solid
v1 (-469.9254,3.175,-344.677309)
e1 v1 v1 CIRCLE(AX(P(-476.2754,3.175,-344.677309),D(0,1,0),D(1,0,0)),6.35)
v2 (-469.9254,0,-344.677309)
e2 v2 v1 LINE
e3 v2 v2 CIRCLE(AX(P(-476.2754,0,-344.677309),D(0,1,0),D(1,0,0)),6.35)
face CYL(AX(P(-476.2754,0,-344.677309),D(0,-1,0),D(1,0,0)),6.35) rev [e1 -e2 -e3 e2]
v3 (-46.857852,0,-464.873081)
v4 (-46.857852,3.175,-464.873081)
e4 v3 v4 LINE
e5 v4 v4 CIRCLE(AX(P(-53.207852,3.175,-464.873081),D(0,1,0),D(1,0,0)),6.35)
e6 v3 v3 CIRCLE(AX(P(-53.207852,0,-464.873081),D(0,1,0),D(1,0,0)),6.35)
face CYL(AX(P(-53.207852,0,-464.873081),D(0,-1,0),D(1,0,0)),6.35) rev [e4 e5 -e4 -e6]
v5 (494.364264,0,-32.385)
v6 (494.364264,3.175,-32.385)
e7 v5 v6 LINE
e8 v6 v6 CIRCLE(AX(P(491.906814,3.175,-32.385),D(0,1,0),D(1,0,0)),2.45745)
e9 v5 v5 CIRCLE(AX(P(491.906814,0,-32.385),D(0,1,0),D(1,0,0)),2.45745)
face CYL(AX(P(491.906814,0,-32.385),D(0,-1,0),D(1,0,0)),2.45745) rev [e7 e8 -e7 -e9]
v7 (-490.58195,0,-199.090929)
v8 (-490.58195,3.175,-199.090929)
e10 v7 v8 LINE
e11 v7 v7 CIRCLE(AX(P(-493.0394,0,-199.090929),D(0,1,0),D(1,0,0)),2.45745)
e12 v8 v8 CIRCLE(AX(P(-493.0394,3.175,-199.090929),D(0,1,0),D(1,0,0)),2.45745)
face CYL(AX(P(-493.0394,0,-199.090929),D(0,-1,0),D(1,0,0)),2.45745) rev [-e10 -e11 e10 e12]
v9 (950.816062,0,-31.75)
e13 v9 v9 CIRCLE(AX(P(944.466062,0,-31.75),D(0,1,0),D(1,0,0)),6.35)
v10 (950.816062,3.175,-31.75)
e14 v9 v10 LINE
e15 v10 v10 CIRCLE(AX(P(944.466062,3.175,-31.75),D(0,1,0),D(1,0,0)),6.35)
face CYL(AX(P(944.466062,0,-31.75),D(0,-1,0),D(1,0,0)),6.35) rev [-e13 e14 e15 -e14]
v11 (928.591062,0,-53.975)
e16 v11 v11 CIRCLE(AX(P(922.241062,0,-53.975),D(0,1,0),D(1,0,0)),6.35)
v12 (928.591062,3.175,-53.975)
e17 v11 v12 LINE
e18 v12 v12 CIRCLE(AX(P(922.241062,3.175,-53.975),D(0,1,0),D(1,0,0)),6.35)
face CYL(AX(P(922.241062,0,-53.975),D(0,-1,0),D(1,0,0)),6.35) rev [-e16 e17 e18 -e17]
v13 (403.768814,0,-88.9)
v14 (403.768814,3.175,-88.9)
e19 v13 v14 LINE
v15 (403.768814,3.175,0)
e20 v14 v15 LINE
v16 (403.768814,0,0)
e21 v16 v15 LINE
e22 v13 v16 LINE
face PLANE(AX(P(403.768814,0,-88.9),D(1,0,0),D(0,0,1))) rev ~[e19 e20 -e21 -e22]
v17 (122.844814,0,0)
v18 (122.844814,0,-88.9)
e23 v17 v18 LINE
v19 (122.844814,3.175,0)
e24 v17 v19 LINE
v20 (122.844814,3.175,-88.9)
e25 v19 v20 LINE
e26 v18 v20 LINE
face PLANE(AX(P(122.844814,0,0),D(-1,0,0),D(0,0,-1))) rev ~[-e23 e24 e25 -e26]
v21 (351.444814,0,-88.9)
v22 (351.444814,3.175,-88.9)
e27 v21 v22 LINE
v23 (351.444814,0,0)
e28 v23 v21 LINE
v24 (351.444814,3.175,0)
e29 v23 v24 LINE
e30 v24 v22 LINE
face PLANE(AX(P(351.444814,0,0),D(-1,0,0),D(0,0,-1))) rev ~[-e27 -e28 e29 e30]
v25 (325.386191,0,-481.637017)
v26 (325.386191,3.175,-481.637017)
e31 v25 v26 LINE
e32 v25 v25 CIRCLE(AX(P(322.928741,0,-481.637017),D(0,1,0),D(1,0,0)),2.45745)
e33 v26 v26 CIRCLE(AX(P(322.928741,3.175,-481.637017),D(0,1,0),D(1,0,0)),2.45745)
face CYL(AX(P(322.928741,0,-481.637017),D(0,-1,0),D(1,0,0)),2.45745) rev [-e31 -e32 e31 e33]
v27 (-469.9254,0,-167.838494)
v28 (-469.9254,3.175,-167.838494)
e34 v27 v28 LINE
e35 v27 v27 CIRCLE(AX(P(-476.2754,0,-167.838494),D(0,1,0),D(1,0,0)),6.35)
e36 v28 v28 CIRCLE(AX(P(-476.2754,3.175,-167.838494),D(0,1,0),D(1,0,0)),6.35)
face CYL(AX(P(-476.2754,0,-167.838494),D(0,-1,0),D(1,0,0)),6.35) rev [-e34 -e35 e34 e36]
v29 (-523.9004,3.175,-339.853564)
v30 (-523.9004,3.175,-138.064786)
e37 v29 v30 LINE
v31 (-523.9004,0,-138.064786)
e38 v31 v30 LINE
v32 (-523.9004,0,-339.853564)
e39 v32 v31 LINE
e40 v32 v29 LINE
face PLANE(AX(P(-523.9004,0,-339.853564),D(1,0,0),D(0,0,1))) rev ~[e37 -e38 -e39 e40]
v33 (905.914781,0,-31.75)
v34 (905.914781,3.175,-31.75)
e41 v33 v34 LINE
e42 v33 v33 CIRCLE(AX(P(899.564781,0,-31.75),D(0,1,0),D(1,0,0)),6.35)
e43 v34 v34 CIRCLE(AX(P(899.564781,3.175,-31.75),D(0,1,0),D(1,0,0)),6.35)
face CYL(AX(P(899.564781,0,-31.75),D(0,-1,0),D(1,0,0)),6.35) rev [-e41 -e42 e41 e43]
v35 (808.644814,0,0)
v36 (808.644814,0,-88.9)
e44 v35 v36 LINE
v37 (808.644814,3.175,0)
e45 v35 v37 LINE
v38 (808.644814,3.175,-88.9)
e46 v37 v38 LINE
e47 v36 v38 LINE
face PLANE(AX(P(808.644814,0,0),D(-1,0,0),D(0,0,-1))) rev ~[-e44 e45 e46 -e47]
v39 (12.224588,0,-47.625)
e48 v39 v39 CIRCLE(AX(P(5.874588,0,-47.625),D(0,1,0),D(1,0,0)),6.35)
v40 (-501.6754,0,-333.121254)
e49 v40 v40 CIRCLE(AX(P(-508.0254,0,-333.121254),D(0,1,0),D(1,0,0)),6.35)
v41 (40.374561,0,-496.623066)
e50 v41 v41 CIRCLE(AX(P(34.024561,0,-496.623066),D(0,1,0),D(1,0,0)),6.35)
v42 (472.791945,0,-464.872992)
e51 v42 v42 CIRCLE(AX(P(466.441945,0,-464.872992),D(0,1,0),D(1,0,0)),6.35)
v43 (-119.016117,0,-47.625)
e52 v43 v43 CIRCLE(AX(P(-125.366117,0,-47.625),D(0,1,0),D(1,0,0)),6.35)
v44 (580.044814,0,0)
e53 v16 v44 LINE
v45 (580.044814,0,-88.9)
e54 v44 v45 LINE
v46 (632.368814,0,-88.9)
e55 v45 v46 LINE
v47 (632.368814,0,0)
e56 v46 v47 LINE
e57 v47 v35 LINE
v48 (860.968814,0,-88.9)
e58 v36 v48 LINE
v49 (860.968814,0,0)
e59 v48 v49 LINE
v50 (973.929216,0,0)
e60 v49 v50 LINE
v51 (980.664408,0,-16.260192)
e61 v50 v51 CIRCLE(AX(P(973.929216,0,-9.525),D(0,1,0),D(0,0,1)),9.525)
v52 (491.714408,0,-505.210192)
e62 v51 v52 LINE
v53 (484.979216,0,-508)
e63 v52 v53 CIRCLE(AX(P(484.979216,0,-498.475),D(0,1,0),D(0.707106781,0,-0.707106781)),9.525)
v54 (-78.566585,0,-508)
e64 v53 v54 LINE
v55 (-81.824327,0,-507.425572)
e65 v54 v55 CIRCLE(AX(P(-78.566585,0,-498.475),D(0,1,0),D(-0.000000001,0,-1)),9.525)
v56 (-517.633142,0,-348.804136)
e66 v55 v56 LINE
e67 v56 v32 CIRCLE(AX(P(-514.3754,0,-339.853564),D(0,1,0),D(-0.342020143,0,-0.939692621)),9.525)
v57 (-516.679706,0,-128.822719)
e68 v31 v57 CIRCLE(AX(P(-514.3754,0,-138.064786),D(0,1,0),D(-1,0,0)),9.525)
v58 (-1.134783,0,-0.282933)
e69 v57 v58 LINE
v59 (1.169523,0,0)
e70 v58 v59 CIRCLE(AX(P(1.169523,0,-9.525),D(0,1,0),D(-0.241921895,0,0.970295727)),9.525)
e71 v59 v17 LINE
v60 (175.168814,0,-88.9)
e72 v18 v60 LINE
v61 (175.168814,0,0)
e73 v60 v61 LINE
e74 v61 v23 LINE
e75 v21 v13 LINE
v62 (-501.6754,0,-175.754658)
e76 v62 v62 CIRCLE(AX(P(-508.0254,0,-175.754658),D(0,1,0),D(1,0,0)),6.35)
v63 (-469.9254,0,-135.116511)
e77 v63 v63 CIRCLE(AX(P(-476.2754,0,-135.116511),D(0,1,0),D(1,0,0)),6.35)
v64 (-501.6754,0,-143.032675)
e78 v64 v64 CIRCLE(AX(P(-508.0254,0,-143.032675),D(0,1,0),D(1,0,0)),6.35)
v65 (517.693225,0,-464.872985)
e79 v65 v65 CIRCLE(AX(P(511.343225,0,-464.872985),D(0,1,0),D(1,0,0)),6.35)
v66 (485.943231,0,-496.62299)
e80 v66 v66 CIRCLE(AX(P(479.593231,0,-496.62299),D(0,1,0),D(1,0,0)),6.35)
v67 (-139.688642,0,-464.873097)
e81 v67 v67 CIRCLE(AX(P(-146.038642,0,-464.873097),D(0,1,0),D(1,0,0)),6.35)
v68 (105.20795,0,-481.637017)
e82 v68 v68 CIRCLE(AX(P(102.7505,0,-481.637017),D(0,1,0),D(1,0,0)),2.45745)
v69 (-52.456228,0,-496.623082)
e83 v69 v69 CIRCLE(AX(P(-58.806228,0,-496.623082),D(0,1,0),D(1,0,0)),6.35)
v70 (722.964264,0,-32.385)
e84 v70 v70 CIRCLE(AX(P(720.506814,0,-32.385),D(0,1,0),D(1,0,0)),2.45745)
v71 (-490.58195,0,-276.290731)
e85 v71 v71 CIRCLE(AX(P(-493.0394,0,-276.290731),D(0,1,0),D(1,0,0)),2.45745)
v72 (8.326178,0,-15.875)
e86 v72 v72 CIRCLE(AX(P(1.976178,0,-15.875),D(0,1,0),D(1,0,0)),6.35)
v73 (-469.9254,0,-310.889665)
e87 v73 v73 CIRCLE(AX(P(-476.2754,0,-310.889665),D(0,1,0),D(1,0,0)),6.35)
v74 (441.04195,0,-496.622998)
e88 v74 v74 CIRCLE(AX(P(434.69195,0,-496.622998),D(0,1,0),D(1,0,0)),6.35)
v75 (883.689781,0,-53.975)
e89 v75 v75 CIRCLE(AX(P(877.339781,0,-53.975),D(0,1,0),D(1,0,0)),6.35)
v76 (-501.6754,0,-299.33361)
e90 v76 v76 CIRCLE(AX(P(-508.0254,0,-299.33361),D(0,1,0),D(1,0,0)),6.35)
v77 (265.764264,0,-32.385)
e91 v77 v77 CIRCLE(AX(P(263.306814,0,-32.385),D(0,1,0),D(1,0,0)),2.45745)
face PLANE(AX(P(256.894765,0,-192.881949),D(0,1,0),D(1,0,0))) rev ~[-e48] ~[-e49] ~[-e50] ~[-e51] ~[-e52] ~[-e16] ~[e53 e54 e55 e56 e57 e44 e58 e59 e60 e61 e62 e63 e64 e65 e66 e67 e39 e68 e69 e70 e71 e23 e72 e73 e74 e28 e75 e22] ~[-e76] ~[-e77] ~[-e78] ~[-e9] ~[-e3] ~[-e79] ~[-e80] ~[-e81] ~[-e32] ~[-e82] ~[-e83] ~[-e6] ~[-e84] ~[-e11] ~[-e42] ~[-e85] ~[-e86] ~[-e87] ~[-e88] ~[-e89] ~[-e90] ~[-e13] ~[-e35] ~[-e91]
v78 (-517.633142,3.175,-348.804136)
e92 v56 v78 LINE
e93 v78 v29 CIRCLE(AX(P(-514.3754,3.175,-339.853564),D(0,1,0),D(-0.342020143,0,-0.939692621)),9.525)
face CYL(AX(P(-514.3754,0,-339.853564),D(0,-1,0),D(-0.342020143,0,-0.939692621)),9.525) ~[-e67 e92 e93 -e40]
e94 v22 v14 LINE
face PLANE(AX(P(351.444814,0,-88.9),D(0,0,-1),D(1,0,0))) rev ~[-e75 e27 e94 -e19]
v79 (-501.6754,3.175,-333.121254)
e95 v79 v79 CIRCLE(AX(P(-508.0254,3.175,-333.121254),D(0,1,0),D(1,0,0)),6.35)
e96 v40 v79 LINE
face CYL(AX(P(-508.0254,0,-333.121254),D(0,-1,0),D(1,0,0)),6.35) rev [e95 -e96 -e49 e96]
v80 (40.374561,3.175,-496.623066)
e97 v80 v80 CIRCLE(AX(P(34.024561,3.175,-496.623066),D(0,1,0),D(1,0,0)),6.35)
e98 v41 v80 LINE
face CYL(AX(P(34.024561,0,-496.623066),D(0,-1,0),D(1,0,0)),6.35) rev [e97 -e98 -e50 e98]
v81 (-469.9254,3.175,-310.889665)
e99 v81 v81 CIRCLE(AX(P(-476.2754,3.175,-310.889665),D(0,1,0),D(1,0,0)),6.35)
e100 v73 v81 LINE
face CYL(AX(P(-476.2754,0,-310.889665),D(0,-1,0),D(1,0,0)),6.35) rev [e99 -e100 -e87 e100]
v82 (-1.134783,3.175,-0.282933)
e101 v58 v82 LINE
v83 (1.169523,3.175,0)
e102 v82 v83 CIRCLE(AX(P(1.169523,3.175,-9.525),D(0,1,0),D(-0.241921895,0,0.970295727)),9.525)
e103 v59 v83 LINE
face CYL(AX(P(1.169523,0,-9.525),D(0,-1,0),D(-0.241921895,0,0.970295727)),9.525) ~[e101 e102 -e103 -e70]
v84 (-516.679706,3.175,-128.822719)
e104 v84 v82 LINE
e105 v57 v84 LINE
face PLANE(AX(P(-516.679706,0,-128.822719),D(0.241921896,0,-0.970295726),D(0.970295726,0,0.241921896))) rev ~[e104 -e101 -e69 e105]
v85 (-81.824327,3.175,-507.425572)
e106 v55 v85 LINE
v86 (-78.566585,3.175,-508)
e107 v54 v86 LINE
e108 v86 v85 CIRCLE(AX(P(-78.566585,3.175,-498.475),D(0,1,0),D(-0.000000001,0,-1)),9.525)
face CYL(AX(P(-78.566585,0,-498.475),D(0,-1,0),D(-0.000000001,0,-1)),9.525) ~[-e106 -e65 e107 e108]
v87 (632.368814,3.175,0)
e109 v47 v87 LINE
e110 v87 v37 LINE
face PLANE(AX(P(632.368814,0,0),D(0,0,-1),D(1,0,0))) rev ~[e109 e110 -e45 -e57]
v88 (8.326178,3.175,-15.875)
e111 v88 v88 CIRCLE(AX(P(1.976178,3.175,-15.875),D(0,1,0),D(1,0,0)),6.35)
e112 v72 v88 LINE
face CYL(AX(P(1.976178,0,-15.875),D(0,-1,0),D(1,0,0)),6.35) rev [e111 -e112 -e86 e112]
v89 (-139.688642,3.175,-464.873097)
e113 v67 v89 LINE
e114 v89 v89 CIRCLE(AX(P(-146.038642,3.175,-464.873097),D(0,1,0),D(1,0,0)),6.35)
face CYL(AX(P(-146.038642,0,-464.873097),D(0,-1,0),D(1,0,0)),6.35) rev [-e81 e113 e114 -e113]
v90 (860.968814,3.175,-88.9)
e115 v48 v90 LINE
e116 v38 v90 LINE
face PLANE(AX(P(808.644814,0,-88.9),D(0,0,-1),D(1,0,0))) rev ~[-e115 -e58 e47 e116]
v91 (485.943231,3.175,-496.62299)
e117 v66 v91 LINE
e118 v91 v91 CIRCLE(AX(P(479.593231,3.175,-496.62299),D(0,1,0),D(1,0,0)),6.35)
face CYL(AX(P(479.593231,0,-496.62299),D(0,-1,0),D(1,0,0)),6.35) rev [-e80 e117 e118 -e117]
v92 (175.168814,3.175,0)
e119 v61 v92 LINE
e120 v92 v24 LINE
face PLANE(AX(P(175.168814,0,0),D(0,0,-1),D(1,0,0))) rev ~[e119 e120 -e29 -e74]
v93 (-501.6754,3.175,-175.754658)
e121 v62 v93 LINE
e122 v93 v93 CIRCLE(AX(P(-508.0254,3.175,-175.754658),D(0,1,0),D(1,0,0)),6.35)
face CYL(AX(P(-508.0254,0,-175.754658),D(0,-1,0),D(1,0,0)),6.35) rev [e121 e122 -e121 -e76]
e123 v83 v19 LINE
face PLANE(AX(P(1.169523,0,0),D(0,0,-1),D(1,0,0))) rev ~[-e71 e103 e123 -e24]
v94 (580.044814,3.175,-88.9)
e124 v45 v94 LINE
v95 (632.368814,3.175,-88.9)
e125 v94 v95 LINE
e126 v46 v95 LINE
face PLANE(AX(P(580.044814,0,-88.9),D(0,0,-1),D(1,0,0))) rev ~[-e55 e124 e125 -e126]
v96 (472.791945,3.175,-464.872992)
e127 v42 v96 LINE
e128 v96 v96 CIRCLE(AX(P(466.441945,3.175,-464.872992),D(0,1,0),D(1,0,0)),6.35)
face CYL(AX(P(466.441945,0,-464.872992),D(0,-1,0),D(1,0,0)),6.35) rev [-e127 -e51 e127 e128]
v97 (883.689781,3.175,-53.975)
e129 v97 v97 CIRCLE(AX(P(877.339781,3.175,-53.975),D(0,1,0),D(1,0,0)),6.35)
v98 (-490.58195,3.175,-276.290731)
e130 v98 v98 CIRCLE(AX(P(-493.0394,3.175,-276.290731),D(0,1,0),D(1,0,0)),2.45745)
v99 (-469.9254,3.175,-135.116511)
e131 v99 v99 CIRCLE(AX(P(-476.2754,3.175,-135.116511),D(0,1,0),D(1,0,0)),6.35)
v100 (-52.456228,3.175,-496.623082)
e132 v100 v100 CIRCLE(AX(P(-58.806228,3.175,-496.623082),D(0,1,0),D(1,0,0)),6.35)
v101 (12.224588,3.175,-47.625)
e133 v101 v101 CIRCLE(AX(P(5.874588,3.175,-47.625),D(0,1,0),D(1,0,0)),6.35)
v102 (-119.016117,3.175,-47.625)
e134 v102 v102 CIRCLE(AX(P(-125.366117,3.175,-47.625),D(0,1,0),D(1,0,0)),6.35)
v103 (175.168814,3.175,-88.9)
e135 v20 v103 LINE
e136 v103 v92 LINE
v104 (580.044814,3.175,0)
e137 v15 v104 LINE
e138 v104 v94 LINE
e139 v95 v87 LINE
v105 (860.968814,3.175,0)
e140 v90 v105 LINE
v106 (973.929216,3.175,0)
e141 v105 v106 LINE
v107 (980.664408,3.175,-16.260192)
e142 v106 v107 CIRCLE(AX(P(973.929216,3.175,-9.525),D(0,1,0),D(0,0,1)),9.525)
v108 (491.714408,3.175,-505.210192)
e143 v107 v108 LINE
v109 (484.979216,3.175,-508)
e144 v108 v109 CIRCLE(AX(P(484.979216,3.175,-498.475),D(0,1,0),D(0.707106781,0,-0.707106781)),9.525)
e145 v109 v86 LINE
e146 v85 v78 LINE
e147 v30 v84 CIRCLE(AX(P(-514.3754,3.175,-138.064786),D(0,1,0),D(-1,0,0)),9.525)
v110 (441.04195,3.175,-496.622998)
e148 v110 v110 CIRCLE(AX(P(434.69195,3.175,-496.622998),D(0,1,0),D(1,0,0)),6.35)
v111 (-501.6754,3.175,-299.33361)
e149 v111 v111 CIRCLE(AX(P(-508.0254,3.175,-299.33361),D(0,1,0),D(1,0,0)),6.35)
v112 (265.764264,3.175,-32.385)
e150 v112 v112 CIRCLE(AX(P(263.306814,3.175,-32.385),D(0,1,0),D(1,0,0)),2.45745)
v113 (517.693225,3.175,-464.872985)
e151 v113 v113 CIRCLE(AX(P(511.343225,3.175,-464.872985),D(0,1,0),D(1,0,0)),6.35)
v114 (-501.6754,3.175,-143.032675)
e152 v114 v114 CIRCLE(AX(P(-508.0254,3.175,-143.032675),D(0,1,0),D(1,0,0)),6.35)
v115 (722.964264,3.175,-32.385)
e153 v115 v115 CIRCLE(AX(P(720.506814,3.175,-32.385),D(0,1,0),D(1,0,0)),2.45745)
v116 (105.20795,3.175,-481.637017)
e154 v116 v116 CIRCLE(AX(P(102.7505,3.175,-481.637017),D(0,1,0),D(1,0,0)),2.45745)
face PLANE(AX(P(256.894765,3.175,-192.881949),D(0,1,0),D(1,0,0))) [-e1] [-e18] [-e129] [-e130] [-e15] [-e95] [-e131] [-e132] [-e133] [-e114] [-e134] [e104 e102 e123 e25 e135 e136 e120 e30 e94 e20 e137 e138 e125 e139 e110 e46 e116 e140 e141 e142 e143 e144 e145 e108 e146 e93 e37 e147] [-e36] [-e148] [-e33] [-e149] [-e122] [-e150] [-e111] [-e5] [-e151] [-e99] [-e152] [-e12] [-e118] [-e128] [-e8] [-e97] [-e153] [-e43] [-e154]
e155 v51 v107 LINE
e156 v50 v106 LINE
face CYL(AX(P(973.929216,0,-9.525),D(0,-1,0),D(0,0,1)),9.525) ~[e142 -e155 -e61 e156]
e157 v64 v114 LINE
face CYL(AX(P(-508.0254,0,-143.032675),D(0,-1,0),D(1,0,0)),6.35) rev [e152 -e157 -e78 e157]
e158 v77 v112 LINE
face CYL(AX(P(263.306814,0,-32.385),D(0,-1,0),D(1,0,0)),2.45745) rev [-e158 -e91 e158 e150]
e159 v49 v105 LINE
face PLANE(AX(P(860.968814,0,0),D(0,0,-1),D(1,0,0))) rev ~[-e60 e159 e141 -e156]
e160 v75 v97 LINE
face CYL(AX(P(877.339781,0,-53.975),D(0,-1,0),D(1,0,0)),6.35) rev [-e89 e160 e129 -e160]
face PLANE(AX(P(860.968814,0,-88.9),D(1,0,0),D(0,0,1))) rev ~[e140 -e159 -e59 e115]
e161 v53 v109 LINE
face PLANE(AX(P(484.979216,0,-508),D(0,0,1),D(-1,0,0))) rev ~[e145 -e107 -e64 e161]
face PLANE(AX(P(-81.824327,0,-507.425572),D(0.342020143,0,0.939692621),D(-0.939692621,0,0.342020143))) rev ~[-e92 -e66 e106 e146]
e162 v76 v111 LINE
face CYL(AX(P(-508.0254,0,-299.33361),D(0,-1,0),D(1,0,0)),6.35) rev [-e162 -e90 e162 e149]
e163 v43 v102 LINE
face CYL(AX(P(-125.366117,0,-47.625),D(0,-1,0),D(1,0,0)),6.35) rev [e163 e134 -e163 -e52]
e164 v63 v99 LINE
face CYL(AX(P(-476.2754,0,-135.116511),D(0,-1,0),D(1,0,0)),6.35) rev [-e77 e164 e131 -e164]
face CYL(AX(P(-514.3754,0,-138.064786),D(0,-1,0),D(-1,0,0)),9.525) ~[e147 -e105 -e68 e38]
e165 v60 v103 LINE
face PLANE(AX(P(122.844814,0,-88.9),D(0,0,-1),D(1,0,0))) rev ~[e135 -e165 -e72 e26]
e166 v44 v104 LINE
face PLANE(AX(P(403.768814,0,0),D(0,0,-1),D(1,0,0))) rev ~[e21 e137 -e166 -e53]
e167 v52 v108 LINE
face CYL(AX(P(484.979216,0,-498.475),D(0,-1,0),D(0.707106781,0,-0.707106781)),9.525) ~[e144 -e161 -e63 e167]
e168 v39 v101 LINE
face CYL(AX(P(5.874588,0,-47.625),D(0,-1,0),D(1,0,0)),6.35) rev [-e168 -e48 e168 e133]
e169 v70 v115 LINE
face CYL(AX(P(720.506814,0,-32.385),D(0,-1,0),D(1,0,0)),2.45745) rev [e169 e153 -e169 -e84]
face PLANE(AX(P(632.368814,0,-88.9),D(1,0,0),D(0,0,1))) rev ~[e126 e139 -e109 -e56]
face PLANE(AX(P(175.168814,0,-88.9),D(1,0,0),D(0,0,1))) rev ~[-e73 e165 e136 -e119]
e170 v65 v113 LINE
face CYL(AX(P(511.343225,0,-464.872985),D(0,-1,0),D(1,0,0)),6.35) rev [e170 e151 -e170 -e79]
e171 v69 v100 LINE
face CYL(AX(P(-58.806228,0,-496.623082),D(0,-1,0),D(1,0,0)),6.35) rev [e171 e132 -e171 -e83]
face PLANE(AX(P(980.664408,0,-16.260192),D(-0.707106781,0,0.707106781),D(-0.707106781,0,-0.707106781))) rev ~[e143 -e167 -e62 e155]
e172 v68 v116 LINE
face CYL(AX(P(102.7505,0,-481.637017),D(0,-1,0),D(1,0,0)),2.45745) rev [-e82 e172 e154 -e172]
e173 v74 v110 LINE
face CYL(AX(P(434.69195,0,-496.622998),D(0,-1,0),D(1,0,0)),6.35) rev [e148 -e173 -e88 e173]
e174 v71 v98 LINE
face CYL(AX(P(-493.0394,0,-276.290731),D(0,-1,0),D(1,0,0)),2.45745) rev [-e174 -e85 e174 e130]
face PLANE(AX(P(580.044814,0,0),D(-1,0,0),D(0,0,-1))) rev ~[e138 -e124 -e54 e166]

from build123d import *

# Parameters (mm, degrees)
SKETCH2_R           = 6.35
SKETCH2_R_2         = 2.45745
BOSS_EXTRUDE1_DEPTH = 3.175


with BuildPart() as part:
    # Sketch2 → Boss-Extrude1 (new body)
    with BuildSketch(Plane(origin=(0, 0, 0), x_dir=(1, 0, 0), z_dir=(0, 1, 0))):
        with BuildLine():
            ThreePointArc((-523.9004, 138.064786013), (-521.881202428, 132.200610461), (-516.679706056, 128.82271922))
            Line((-516.679706056, 128.82271922), (-1.134783113, 0.282933207))
            ThreePointArc((-1.134783113, 0.282933207), (0.008717447, 0.070997906), (1.169522943, 0))
            Line((1.169522943, 0), (122.844814136, 0))
            Line((122.844814136, 0), (122.844814136, 88.9))
            Line((122.844814136, 88.9), (175.168814136, 88.9))
            Line((175.168814136, 88.9), (175.168814136, 0))
            Line((175.168814136, 0), (351.444814136, 0))
            Line((351.444814136, 0), (351.444814136, 88.9))
            Line((351.444814136, 88.9), (403.768814136, 88.9))
            Line((403.768814136, 88.9), (403.768814136, 0))
            Line((403.768814136, 0), (580.044814136, 0))
            Line((580.044814136, 0), (580.044814136, 88.9))
            Line((580.044814136, 88.9), (632.368814136, 88.9))
            Line((632.368814136, 88.9), (632.368814136, 0))
            Line((632.368814136, 0), (808.644814136, 0))
            Line((808.644814136, 0), (808.644814136, 88.9))
            Line((808.644814136, 88.9), (860.968814136, 88.9))
            Line((860.968814136, 88.9), (860.968814136, 0))
            Line((860.968814136, 0), (973.929215818, 0))
            ThreePointArc((973.929215818, 0), (982.729168366, 5.879940307), (980.664407909, 16.260192091))
            Line((980.664407909, 16.260192091), (491.714407909, 505.210192091))
            ThreePointArc((491.714407909, 505.210192091), (488.624275512, 507.274952547), (484.979215818, 508))
            Line((484.979215818, 508), (-78.566585303, 508))
            ThreePointArc((-78.566585303, 508), (-80.220584195, 507.855293847), (-81.824327168, 507.425572213))
            Line((-81.824327168, 507.425572213), (-517.633141865, 348.804135832))
            ThreePointArc((-517.633141865, 348.804135832), (-522.177823222, 345.316879176), (-523.9004, 339.853563619))
            Line((-523.9004, 339.853563619), (-523.9004, 138.064786013))
        make_face()
        with Locations((1.976178059, 15.875)):
            Circle(SKETCH2_R, mode=Mode.SUBTRACT)
        with Locations((-125.36611658, 47.625)):
            Circle(SKETCH2_R, mode=Mode.SUBTRACT)
        with Locations((5.874587868, 47.625)):
            Circle(SKETCH2_R, mode=Mode.SUBTRACT)
        with Locations((-476.2754, 135.116510814)):
            Circle(SKETCH2_R, mode=Mode.SUBTRACT)
        with Locations((-508.0254, 143.032674904)):
            Circle(SKETCH2_R, mode=Mode.SUBTRACT)
        with Locations((-476.2754, 167.838493546)):
            Circle(SKETCH2_R, mode=Mode.SUBTRACT)
        with Locations((-508.0254, 175.754657636)):
            Circle(SKETCH2_R, mode=Mode.SUBTRACT)
        with Locations((-493.0394, 199.090929312)):
            Circle(SKETCH2_R_2, mode=Mode.SUBTRACT)
        with Locations((263.306814136, 32.385)):
            Circle(SKETCH2_R_2, mode=Mode.SUBTRACT)
        with Locations((491.906814136, 32.385)):
            Circle(SKETCH2_R_2, mode=Mode.SUBTRACT)
        with Locations((720.506814136, 32.385)):
            Circle(SKETCH2_R_2, mode=Mode.SUBTRACT)
        with Locations((877.339781319, 53.975)):
            Circle(SKETCH2_R, mode=Mode.SUBTRACT)
        with Locations((899.564781319, 31.75)):
            Circle(SKETCH2_R, mode=Mode.SUBTRACT)
        with Locations((944.466061924, 31.75)):
            Circle(SKETCH2_R, mode=Mode.SUBTRACT)
        with Locations((922.241061924, 53.975)):
            Circle(SKETCH2_R, mode=Mode.SUBTRACT)
        with Locations((-493.0394, 276.290731215)):
            Circle(SKETCH2_R_2, mode=Mode.SUBTRACT)
        with Locations((-508.0254, 299.333610137)):
            Circle(SKETCH2_R, mode=Mode.SUBTRACT)
        with Locations((-476.2754, 310.889665075)):
            Circle(SKETCH2_R, mode=Mode.SUBTRACT)
        with Locations((-508.0254, 333.121254413)):
            Circle(SKETCH2_R, mode=Mode.SUBTRACT)
        with Locations((-476.2754, 344.677309351)):
            Circle(SKETCH2_R, mode=Mode.SUBTRACT)
        with Locations((-146.038641871, 464.873096997)):
            Circle(SKETCH2_R, mode=Mode.SUBTRACT)
        with Locations((-53.207852166, 464.873081124)):
            Circle(SKETCH2_R, mode=Mode.SUBTRACT)
        with Locations((-58.806228375, 496.623082082)):
            Circle(SKETCH2_R, mode=Mode.SUBTRACT)
        with Locations((34.024561331, 496.623066209)):
            Circle(SKETCH2_R, mode=Mode.SUBTRACT)
        with Locations((102.750499745, 481.637016811)):
            Circle(SKETCH2_R_2, mode=Mode.SUBTRACT)
        with Locations((322.928740552, 481.637016811)):
            Circle(SKETCH2_R_2, mode=Mode.SUBTRACT)
        with Locations((466.441944838, 464.872992272)):
            Circle(SKETCH2_R, mode=Mode.SUBTRACT)
        with Locations((511.343225443, 464.872984595)):
            Circle(SKETCH2_R, mode=Mode.SUBTRACT)
        with Locations((434.691950267, 496.622997701)):
            Circle(SKETCH2_R, mode=Mode.SUBTRACT)
        with Locations((479.593230872, 496.622990024)):
            Circle(SKETCH2_R, mode=Mode.SUBTRACT)
    extrude(amount=BOSS_EXTRUDE1_DEPTH)


solid = part.part
